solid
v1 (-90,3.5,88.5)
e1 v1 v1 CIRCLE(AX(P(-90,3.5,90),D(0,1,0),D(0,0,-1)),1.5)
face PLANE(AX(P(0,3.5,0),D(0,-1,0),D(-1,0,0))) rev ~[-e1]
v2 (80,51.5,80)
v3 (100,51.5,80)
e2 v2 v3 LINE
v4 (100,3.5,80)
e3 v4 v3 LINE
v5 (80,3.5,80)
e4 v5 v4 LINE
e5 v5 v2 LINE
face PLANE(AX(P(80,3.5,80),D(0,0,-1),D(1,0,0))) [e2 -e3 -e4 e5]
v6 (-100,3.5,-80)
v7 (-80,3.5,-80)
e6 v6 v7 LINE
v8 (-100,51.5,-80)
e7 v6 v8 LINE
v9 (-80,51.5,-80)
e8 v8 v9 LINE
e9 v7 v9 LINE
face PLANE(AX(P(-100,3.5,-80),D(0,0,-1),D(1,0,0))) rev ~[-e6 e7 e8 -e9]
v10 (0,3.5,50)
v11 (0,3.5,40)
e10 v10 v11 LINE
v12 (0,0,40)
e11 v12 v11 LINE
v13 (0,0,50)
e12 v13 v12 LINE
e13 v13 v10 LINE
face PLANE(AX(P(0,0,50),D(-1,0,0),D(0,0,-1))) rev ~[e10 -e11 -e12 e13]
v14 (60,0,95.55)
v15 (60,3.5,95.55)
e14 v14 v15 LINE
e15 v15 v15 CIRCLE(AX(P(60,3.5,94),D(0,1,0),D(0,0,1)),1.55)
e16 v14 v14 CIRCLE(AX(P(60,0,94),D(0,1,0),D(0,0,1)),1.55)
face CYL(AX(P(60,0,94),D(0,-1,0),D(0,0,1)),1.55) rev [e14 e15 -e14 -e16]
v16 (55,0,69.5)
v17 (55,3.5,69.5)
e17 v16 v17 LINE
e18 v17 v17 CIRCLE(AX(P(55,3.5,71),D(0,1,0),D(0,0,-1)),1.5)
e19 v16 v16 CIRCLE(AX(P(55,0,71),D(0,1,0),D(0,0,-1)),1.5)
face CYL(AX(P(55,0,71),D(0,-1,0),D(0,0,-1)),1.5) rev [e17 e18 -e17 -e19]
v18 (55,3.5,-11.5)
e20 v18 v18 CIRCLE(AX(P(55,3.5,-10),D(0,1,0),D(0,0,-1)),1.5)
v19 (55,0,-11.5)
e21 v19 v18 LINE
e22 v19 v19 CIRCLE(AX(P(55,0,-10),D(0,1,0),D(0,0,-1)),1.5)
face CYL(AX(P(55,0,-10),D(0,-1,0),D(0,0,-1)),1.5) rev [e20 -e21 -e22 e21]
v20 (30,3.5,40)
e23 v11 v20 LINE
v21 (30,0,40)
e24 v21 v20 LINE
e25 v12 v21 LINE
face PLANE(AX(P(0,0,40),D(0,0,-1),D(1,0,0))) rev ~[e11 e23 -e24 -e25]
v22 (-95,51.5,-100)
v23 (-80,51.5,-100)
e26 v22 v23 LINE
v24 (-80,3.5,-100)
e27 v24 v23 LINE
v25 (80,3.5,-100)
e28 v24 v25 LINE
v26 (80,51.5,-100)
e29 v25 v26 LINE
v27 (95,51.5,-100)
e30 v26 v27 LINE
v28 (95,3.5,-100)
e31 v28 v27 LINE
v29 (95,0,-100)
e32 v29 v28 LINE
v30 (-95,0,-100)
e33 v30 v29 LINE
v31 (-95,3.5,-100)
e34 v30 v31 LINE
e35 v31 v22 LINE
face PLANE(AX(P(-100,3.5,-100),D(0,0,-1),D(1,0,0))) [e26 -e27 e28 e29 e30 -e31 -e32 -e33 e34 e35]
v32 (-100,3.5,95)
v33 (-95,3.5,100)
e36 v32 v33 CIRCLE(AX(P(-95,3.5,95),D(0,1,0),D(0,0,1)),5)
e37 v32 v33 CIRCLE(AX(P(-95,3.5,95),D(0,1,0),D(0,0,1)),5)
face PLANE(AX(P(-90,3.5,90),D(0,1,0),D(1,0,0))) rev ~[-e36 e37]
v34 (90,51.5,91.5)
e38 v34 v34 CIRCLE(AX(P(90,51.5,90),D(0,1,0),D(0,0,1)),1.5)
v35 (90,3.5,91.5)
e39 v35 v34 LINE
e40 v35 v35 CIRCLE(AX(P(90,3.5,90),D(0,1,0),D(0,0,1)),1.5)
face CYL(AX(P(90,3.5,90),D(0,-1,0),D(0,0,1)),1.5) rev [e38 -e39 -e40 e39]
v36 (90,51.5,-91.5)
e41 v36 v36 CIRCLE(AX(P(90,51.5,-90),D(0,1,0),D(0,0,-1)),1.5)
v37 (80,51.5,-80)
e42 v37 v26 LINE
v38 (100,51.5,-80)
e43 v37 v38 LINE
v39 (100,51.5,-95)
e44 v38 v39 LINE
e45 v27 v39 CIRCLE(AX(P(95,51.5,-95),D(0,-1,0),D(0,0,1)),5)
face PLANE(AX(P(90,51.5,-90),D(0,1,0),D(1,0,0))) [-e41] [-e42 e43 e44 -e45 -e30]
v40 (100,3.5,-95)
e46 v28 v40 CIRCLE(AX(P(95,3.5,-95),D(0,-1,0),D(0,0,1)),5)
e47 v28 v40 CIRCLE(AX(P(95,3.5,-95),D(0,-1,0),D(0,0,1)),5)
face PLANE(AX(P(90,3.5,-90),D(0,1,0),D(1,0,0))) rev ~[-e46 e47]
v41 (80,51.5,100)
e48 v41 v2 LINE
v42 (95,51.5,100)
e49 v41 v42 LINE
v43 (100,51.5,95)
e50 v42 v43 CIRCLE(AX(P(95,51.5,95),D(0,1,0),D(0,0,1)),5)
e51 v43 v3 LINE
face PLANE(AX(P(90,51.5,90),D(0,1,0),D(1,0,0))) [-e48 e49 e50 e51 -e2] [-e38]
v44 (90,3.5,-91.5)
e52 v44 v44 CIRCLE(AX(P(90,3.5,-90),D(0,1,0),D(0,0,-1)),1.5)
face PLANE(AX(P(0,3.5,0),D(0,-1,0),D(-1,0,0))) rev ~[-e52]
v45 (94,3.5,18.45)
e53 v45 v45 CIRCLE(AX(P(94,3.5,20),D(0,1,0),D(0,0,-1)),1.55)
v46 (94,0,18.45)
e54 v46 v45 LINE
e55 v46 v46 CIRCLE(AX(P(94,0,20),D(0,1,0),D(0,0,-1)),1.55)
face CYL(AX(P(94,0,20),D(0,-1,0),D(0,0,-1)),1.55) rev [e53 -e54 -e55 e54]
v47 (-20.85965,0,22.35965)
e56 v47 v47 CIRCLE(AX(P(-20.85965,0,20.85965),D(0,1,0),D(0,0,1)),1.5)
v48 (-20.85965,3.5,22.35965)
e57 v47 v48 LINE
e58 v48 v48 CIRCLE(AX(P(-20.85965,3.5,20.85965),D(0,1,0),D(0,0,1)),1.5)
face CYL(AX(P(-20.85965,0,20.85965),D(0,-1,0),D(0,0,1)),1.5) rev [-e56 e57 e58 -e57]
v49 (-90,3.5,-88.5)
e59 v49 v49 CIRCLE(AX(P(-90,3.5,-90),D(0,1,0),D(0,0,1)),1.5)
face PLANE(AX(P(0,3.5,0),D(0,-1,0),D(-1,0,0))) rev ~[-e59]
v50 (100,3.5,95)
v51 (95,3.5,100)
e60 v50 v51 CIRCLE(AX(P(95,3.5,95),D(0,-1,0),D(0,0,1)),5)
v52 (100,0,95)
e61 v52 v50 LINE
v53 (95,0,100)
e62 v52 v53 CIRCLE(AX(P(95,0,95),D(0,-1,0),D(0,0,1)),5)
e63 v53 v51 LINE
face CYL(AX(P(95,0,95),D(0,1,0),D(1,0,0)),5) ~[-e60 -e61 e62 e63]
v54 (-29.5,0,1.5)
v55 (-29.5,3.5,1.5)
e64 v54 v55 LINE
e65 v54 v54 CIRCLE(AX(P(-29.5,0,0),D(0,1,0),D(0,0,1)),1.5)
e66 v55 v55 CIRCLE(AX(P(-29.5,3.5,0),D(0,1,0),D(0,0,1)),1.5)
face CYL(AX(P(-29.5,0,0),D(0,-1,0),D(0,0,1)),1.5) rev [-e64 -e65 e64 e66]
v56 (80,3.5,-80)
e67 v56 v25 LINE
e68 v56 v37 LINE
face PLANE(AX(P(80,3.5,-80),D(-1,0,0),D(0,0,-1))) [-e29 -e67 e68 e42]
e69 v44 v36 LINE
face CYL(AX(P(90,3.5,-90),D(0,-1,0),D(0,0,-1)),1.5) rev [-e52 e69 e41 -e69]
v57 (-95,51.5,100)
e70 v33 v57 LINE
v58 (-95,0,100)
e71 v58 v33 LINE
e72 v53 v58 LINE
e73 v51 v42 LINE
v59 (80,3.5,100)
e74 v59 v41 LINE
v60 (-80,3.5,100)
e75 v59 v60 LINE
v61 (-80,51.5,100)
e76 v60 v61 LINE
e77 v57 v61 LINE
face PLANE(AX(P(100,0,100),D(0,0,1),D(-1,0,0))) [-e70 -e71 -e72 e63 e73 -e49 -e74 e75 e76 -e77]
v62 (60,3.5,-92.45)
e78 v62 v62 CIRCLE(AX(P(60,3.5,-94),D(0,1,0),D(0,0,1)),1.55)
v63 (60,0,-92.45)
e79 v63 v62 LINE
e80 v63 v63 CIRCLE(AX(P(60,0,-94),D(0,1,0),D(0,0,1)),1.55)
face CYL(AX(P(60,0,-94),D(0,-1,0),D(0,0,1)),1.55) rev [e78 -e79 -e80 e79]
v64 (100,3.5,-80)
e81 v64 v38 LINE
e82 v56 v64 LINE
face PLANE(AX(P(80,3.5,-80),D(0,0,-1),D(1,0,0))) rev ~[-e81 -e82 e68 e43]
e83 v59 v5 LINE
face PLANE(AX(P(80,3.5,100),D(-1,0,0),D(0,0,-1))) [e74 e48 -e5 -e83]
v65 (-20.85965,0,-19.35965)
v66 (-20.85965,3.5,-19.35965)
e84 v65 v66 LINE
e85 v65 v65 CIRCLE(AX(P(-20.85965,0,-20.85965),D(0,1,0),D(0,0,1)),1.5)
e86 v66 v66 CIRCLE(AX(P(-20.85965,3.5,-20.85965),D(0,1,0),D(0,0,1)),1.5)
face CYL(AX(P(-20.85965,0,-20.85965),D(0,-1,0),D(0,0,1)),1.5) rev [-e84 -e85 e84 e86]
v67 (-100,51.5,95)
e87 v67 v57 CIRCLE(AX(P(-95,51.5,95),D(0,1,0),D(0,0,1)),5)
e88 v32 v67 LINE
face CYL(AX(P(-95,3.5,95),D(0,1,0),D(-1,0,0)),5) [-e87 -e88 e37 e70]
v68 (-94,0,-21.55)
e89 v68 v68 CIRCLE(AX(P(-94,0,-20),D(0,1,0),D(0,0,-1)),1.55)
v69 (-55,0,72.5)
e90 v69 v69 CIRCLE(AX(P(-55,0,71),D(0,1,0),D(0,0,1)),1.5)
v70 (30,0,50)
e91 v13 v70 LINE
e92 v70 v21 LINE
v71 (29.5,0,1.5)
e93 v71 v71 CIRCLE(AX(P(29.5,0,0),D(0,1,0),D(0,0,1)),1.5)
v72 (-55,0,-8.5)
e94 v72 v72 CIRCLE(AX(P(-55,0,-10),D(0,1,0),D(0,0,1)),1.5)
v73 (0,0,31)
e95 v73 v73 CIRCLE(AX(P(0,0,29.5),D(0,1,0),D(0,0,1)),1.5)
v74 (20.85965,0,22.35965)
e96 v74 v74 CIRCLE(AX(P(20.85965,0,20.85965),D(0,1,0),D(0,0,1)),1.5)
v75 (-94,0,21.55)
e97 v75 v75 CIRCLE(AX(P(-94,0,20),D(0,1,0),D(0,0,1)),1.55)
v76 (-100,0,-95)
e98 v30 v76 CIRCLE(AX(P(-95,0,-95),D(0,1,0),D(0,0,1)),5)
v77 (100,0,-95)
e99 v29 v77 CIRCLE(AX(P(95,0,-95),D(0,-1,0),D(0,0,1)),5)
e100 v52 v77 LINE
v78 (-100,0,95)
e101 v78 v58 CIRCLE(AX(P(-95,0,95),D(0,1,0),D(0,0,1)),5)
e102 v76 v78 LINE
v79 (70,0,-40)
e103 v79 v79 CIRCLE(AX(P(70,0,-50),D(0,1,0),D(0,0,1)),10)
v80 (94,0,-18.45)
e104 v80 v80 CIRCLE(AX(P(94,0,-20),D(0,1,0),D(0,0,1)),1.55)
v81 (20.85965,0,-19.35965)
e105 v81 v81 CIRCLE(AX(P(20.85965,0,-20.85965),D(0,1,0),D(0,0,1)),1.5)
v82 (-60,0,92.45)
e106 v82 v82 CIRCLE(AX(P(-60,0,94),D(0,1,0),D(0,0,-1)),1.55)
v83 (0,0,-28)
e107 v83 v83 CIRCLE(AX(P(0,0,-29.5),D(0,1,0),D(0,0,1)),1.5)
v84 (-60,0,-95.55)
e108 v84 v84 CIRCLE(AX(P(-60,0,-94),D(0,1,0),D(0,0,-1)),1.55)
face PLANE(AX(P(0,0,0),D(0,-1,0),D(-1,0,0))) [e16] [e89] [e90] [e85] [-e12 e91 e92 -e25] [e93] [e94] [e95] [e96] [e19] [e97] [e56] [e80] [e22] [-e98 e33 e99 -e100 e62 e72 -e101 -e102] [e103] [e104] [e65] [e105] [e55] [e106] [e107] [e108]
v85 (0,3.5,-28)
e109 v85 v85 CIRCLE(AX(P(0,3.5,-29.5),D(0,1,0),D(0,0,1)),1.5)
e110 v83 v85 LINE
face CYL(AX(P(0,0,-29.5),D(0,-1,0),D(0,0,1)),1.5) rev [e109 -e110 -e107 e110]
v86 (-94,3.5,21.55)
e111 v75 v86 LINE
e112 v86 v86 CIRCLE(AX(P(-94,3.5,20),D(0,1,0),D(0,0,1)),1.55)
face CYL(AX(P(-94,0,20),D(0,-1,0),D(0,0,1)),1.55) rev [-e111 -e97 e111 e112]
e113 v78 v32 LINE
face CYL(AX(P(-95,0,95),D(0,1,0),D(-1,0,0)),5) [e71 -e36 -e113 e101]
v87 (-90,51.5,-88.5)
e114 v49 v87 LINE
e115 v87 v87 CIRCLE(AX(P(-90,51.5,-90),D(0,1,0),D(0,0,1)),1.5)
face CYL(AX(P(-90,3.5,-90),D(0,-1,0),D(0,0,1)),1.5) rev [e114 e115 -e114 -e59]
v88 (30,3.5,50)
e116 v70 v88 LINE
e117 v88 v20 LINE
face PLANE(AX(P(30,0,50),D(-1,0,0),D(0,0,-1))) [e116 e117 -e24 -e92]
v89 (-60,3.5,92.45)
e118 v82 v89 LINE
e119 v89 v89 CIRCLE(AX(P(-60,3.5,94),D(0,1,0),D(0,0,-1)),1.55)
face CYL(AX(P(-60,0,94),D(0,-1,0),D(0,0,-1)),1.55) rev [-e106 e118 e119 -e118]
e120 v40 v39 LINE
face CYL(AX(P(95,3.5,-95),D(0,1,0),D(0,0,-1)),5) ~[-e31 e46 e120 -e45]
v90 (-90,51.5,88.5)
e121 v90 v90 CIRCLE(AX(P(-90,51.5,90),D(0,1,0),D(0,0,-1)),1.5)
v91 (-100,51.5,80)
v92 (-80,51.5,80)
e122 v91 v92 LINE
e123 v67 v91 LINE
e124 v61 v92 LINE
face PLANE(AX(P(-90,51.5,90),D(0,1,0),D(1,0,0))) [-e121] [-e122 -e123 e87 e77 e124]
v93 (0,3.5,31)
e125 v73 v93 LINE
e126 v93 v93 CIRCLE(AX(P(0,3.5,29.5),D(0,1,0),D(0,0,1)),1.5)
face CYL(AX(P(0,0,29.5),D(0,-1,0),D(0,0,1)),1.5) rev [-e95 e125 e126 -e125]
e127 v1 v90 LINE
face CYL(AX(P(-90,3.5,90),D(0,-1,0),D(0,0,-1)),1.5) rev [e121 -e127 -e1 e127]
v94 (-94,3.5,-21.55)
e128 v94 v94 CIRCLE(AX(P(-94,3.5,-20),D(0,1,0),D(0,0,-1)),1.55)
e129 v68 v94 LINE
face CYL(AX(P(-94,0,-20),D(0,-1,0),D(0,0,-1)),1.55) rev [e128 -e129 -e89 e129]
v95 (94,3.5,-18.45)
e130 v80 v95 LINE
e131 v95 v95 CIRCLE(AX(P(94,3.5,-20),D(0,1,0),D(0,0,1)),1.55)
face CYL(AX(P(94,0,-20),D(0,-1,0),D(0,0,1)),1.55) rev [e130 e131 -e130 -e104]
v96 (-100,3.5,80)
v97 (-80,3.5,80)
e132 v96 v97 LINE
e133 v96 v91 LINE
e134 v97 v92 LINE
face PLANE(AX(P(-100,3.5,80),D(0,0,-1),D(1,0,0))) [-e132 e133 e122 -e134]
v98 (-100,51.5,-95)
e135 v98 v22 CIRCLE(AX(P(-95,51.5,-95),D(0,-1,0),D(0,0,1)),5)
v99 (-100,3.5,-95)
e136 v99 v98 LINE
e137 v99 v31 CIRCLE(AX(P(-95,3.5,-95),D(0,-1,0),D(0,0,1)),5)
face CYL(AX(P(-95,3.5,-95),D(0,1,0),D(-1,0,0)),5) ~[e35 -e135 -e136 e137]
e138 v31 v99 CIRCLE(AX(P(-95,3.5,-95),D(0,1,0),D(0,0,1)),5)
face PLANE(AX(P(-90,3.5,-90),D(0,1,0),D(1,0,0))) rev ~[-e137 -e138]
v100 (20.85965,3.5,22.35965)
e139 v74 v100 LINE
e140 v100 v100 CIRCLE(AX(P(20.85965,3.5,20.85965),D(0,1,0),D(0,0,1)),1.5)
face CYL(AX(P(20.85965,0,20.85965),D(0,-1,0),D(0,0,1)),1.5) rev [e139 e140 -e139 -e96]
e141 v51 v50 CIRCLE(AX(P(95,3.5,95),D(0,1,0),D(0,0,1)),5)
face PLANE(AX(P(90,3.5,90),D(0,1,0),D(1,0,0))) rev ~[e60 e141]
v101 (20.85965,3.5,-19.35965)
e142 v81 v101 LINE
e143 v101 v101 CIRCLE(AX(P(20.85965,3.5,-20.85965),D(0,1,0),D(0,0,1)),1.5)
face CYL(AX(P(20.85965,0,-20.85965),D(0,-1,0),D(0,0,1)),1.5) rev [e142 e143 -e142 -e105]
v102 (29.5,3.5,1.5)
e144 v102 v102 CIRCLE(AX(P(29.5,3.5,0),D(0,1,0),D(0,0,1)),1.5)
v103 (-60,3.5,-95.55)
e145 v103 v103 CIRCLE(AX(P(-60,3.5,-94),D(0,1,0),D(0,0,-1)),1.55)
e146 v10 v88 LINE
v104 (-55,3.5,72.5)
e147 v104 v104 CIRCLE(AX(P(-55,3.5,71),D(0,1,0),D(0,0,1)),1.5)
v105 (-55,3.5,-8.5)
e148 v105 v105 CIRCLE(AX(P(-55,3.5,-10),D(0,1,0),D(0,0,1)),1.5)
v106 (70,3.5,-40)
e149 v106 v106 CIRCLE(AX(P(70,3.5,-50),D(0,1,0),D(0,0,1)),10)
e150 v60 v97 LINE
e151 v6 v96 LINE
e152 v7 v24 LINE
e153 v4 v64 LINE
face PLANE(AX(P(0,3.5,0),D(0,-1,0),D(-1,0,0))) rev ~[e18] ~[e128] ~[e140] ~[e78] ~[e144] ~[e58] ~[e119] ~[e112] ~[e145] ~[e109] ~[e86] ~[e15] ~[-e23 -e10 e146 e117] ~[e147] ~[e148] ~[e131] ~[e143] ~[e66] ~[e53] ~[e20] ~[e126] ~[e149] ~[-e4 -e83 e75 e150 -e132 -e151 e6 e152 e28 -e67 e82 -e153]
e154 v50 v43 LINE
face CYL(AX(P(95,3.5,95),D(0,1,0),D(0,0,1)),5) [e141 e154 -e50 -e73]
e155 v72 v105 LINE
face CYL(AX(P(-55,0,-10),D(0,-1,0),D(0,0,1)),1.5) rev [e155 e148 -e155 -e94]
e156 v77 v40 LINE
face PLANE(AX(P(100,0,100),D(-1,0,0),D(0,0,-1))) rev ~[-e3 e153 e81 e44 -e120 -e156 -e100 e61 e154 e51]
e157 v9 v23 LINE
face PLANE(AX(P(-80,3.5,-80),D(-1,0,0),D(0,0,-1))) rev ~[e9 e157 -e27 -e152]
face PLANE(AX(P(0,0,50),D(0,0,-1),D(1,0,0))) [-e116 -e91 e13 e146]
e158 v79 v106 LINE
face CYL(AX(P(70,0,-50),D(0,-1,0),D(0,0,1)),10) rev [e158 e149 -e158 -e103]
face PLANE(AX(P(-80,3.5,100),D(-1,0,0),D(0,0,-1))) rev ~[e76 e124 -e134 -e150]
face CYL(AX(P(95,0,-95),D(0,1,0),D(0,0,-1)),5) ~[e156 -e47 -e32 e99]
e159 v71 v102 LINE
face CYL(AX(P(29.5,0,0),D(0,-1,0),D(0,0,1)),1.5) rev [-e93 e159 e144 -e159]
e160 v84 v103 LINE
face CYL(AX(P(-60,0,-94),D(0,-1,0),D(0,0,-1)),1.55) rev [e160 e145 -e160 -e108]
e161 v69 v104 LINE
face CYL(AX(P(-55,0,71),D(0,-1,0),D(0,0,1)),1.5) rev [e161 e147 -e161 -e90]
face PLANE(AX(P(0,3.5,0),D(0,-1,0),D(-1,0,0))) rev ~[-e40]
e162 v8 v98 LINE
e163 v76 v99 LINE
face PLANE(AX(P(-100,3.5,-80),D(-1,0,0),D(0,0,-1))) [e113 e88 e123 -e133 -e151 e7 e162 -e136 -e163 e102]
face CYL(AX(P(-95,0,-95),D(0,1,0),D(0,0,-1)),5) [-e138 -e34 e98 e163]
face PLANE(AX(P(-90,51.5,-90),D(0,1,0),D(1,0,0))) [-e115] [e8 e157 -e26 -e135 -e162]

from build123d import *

# Parameters (mm, degrees)
SKETCH_1_R      = 1.5
SKETCH_1_R_2    = 1.55
SKETCH_1_R_3    = 10
SKETCH_1_W      = 30
SKETCH_1_H      = 10
EXTRUDE_1_DEPTH = 3.5
FILLET_1_R      = 5
SKETCH_2_W      = 20
SKETCH_2_H      = 20
SKETCH_2_R      = 1.5
EXTRUDE_2_DEPTH = 48
FILLET_2_R      = 5


with BuildPart() as part:
    # 草图1 → 凸台-拉伸1 (new body)
    with BuildSketch(Plane(origin=(0, 0, 0), x_dir=(1, 0, 0), z_dir=(0, 1, 0))):
        Polygon((-100, 100), (100, 100), (100, -32.687538375), (100, -80.687538375), (100, -100), (-100, -100), (-100, -80.687538375), (-100, -32.687538375), align=None)
        with Locations(Location((-55, 10, 0), (0, 0, 270))):
            Circle(SKETCH_1_R, mode=Mode.SUBTRACT)
        with Locations(Location((-55, -71, 0), (0, 0, 270))):
            Circle(SKETCH_1_R, mode=Mode.SUBTRACT)
        with Locations(Location((55, -71, 0), (0, 0, 90))):
            Circle(SKETCH_1_R, mode=Mode.SUBTRACT)
        with Locations(Location((55, 10, 0), (0, 0, 90))):
            Circle(SKETCH_1_R, mode=Mode.SUBTRACT)
        with Locations(Location((60, 94, 0), (0, 0, 270))):
            Circle(SKETCH_1_R_2, mode=Mode.SUBTRACT)
        with Locations(Location((60, -94, 0), (0, 0, 270))):
            Circle(SKETCH_1_R_2, mode=Mode.SUBTRACT)
        with Locations(Location((94, 20, 0), (0, 0, 270))):
            Circle(SKETCH_1_R_2, mode=Mode.SUBTRACT)
        with Locations(Location((94, -20, 0), (0, 0, 90))):
            Circle(SKETCH_1_R_2, mode=Mode.SUBTRACT)
        with Locations(Location((-60, -94, 0), (0, 0, 90))):
            Circle(SKETCH_1_R_2, mode=Mode.SUBTRACT)
        with Locations(Location((-94, -20, 0), (0, 0, 270))):
            Circle(SKETCH_1_R_2, mode=Mode.SUBTRACT)
        with Locations(Location((-94, 20, 0), (0, 0, 90))):
            Circle(SKETCH_1_R_2, mode=Mode.SUBTRACT)
        with Locations(Location((-60, 94, 0), (0, 0, 90))):
            Circle(SKETCH_1_R_2, mode=Mode.SUBTRACT)
        with Locations(Location((0, 29.5, 0), (0, 0, 270))):
            Circle(SKETCH_1_R, mode=Mode.SUBTRACT)
        with Locations(Location((20.859650045, 20.859650045, 0), (0, 0, 270))):
            Circle(SKETCH_1_R, mode=Mode.SUBTRACT)
        with Locations(Location((29.5, 0, 0), (0, 0, 270))):
            Circle(SKETCH_1_R, mode=Mode.SUBTRACT)
        with Locations(Location((20.859650045, -20.859650045, 0), (0, 0, 270))):
            Circle(SKETCH_1_R, mode=Mode.SUBTRACT)
        with Locations(Location((0, -29.5, 0), (0, 0, 270))):
            Circle(SKETCH_1_R, mode=Mode.SUBTRACT)
        with Locations(Location((-20.859650045, -20.859650045, 0), (0, 0, 270))):
            Circle(SKETCH_1_R, mode=Mode.SUBTRACT)
        with Locations(Location((-29.5, 0, 0), (0, 0, 270))):
            Circle(SKETCH_1_R, mode=Mode.SUBTRACT)
        with Locations(Location((-20.859650045, 20.859650045, 0), (0, 0, 270))):
            Circle(SKETCH_1_R, mode=Mode.SUBTRACT)
        with Locations(Location((70, 50, 0), (0, 0, 270))):
            Circle(SKETCH_1_R_3, mode=Mode.SUBTRACT)
        with Locations((15, -45)):
            Rectangle(SKETCH_1_W, SKETCH_1_H, mode=Mode.SUBTRACT)
    extrude(amount=EXTRUDE_1_DEPTH)

    # 圆角1
    fillet_1_edges = [part.edges().sort_by_distance(p)[0] for p in [
        (-100, 1.75, -100),
        (100, 1.75, -100),
        (100, 1.75, 100),
        (-100, 1.75, 100),
    ]]
    fillet(fillet_1_edges, radius=FILLET_1_R)

    # 草图2 → 凸台-拉伸2 (add)
    # profile 1 of 4: a face of its own
    with BuildSketch(Plane(origin=(0, 3.5, 0), x_dir=(1, 0, 0), z_dir=(0, 1, 0))):
        with Locations((-90, 90)):
            Rectangle(SKETCH_2_W, SKETCH_2_H)
        with Locations(Location((-90, 90, 0), (0, 0, 270))):
            Circle(SKETCH_2_R, mode=Mode.SUBTRACT)
    # profile 2 of 4: a face of its own
    with BuildSketch(Plane(origin=(0, 3.5, 0), x_dir=(1, 0, 0), z_dir=(0, 1, 0))):
        with Locations((90, 90)):
            Rectangle(SKETCH_2_W, SKETCH_2_H)
        with Locations(Location((90, 90, 0), (0, 0, 90))):
            Circle(SKETCH_2_R, mode=Mode.SUBTRACT)
    # profile 3 of 4: a face of its own
    with BuildSketch(Plane(origin=(0, 3.5, 0), x_dir=(1, 0, 0), z_dir=(0, 1, 0))):
        with Locations((90, -90)):
            Rectangle(SKETCH_2_W, SKETCH_2_H)
        with Locations(Location((90, -90, 0), (0, 0, 270))):
            Circle(SKETCH_2_R, mode=Mode.SUBTRACT)
    # profile 4 of 4: a face of its own
    with BuildSketch(Plane(origin=(0, 3.5, 0), x_dir=(1, 0, 0), z_dir=(0, 1, 0))):
        with Locations((-90, -90)):
            Rectangle(SKETCH_2_W, SKETCH_2_H)
        with Locations(Location((-90, -90, 0), (0, 0, 90))):
            Circle(SKETCH_2_R, mode=Mode.SUBTRACT)
    extrude(amount=EXTRUDE_2_DEPTH)

    # 圆角2
    fillet_2_edges = [part.edges().sort_by_distance(p)[0] for p in [
        (100, 27.5, 100),
        (100, 27.5, -100),
        (-100, 27.5, -100),
        (-100, 27.5, 100),
    ]]
    fillet(fillet_2_edges, radius=FILLET_2_R)


solid = part.part
